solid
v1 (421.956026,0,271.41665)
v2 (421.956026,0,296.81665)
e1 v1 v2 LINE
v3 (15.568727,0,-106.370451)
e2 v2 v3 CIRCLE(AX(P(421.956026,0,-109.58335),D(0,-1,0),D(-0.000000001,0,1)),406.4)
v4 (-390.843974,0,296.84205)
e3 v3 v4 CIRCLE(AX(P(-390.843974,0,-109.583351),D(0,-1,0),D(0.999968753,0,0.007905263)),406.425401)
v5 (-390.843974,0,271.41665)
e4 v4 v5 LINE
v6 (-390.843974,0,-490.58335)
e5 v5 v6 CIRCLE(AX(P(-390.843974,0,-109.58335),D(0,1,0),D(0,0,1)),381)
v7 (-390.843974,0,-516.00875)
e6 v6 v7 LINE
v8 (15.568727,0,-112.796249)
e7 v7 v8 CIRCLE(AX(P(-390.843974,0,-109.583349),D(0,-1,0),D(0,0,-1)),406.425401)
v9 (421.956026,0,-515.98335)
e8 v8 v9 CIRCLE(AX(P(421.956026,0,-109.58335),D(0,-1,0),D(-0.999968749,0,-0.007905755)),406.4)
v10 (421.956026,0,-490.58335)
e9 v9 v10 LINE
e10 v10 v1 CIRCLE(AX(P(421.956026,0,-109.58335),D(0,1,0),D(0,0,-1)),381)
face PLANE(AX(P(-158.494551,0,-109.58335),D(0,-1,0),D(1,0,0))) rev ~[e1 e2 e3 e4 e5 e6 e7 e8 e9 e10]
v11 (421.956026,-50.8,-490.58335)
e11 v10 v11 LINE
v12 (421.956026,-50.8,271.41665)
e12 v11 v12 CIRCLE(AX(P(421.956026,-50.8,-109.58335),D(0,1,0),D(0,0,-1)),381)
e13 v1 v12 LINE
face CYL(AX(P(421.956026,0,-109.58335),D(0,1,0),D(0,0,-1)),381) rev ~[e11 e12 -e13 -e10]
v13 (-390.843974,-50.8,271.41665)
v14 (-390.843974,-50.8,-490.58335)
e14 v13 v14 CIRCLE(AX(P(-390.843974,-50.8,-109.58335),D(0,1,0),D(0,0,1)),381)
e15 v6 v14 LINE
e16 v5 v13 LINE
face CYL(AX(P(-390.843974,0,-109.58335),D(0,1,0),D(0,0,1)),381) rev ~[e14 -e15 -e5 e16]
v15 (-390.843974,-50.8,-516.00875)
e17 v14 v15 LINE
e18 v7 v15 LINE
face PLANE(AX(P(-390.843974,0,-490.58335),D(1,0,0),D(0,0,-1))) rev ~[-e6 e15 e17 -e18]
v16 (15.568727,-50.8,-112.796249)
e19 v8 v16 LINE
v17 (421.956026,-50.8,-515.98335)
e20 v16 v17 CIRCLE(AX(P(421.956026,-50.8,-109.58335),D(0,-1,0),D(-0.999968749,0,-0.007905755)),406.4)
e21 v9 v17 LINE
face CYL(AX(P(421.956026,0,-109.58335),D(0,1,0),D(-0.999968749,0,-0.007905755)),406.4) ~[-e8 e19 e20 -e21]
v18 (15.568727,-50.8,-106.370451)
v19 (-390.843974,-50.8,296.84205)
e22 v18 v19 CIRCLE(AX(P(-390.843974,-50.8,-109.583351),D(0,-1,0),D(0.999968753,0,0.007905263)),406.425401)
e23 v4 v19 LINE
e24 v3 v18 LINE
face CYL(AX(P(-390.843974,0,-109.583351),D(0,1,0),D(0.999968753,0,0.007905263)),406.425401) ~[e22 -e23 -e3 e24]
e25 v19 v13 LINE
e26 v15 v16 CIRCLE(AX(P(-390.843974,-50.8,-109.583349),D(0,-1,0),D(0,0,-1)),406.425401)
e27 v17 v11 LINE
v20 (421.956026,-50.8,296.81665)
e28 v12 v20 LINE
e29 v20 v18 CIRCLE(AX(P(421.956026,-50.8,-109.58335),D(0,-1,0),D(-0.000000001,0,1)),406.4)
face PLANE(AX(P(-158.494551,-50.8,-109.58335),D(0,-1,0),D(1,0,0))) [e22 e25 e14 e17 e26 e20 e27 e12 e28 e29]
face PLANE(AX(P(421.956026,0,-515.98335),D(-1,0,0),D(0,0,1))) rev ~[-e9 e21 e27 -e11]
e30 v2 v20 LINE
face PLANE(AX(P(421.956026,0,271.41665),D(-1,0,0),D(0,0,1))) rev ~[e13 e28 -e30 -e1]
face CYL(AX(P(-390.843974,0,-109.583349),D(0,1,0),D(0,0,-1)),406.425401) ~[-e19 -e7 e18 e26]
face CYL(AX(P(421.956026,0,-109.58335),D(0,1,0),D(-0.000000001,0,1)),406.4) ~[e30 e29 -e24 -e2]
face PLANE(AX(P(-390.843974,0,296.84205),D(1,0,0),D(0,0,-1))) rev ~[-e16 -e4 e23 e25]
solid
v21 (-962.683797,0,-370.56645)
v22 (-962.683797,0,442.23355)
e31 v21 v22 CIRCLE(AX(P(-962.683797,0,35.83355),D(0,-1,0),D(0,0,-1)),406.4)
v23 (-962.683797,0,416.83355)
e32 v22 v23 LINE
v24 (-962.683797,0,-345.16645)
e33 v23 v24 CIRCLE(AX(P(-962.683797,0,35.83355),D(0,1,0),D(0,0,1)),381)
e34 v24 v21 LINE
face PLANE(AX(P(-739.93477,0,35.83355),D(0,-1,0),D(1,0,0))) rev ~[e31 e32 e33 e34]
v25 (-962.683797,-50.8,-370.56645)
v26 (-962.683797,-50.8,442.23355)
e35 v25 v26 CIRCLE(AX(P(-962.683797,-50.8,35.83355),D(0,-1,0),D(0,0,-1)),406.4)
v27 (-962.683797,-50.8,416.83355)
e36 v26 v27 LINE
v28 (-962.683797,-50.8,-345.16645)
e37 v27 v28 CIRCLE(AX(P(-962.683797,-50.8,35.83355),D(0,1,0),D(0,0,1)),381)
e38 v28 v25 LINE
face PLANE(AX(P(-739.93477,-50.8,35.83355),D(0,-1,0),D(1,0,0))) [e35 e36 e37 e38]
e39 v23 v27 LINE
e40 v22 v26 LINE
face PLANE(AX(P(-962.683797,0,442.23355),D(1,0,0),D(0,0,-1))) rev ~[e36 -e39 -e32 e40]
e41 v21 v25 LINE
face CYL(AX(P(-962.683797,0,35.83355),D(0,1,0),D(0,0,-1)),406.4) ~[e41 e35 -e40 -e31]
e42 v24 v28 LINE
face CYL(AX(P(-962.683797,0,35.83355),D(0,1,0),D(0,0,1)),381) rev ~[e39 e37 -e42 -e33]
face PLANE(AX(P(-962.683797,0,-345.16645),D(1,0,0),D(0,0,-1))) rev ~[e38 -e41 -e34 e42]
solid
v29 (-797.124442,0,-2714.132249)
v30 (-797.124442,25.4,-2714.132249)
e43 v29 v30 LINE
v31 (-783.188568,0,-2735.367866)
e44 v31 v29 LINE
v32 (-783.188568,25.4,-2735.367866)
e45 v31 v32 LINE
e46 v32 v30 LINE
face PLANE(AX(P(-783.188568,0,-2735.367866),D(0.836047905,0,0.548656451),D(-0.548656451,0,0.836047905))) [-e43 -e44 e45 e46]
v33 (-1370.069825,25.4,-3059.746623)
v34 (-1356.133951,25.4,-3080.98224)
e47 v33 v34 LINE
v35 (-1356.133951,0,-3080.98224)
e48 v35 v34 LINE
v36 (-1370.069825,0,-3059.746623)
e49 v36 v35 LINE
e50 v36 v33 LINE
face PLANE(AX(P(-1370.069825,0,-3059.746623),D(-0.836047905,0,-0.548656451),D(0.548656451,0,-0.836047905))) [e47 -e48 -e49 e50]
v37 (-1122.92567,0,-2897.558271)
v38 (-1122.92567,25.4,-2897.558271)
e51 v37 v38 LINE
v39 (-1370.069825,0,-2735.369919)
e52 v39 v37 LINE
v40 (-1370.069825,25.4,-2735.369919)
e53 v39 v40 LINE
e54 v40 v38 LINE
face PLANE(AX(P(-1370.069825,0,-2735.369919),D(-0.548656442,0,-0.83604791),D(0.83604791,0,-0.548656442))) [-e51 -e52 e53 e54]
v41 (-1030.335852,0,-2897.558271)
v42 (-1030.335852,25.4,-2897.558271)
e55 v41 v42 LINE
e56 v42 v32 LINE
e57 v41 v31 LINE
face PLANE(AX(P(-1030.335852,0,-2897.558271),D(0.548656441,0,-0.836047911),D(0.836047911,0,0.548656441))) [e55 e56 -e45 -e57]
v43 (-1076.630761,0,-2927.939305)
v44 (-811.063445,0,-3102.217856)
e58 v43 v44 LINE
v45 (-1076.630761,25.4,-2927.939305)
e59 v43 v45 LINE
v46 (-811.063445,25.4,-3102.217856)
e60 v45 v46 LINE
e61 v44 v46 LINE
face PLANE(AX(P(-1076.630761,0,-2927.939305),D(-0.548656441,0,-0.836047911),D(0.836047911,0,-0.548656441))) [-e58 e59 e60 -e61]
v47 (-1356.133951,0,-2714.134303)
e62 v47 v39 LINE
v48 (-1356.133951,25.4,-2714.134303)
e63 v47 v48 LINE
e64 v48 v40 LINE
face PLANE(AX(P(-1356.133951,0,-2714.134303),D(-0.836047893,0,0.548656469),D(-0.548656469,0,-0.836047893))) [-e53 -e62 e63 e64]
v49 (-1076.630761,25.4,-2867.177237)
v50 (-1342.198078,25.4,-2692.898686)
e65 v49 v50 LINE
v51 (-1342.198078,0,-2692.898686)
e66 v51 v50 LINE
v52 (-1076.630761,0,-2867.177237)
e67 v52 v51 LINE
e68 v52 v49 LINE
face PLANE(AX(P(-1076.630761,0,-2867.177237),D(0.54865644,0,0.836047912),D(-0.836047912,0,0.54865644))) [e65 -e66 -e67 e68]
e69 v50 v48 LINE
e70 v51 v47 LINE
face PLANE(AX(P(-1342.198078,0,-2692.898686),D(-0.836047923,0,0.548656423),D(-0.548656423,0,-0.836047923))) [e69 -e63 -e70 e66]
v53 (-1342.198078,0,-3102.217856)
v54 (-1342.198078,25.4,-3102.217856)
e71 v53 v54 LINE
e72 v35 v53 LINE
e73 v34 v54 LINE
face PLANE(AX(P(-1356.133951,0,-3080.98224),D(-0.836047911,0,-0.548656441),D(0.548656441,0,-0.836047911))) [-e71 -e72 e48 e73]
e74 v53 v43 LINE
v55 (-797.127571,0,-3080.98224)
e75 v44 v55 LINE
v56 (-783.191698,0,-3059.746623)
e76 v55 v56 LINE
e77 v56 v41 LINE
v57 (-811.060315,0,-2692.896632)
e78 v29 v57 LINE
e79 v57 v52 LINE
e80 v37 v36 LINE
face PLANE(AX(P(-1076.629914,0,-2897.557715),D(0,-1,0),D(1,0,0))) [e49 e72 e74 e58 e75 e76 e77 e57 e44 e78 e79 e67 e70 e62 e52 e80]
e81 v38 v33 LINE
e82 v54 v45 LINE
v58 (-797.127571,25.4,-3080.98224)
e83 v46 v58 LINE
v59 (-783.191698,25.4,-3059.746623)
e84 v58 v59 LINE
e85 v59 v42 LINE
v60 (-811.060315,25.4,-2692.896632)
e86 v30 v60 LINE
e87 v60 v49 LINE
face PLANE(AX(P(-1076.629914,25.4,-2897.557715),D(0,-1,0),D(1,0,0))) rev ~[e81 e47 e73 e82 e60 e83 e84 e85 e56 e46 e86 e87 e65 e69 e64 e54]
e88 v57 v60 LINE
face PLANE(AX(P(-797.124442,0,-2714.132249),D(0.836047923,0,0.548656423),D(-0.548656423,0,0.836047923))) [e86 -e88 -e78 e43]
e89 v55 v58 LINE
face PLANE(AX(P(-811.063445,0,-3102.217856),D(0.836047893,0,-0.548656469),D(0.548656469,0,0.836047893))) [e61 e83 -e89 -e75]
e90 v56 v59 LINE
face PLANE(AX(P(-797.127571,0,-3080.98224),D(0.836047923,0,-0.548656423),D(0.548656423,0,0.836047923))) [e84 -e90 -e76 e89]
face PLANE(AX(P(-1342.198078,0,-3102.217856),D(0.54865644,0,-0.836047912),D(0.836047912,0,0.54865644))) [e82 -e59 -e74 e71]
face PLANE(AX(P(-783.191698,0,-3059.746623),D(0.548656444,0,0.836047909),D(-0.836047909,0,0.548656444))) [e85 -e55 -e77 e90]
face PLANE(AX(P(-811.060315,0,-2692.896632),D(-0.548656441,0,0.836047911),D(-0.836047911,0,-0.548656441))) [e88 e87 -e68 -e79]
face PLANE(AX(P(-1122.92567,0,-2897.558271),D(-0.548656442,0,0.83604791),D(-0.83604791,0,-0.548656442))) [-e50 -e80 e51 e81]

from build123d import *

# Parameters (mm, degrees)
F1_DEPTH = 50.8
F3_DEPTH = 50.8
F4_DEPTH = 25.4


with BuildPart() as f1:
    # F0 (on Front) → F1 (new body)
    with BuildSketch(Plane.XZ):
        with BuildLine():
            ThreePointArc((15.568727, -106.370451), (-104.596003, 178.936502), (-390.843974, 296.84205))
            Line((-390.843974, 296.84205), (-390.843974, 271.41665))
            ThreePointArc((-390.843974, 271.41665), (-9.843974, -109.58335), (-390.843974, -490.58335))
            Line((-390.843974, -490.58335), (-390.843974, -515.98335))
            Line((-390.843974, -515.98335), (-390.843974, -516.00875))
            ThreePointArc((-390.843974, -516.00875), (-104.596003, -398.103202), (15.568727, -112.796249))
            ThreePointArc((15.568727, -112.796249), (15.556026, -109.58335), (15.568727, -106.370451))
        make_face()
        with BuildLine():
            ThreePointArc((421.956026, 296.81665), (135.726016, 178.918541), (15.568727, -106.370451))
            ThreePointArc((15.568727, -106.370451), (15.556026, -109.58335), (15.568727, -112.796249))
            ThreePointArc((15.568727, -112.796249), (135.726016, -398.085241), (421.956026, -515.98335))
            Line((421.956026, -515.98335), (421.956026, -490.58335))
            ThreePointArc((421.956026, -490.58335), (40.956026, -109.58335), (421.956026, 271.41665))
            Line((421.956026, 271.41665), (421.956026, 296.81665))
        make_face()
    extrude(amount=F1_DEPTH)


with BuildPart() as f3:
    # F2 (on Front) → F3 (new body)
    with BuildSketch(Plane.XZ):
        with BuildLine():
            Line((-962.683797, -345.16645), (-962.683797, -370.56645))
            ThreePointArc((-962.683797, -370.56645), (-556.283797, 35.83355), (-962.683797, 442.23355))
            Line((-962.683797, 442.23355), (-962.683797, 416.83355))
            ThreePointArc((-962.683797, 416.83355), (-581.683797, 35.83355), (-962.683797, -345.16645))
        make_face()
    extrude(amount=F3_DEPTH)


with BuildPart() as f4:
    # F2 (on Front) → F4 (new body)
    with BuildSketch(Plane.XZ):
        Polygon((-783.188568, -2735.367866), (-797.124442, -2714.132249), (-811.060315, -2692.896632), (-1076.630761, -2867.177237), (-1342.198078, -2692.898686), (-1356.133951, -2714.134303), (-1370.069825, -2735.369919), (-1122.92567, -2897.558271), (-1370.069825, -3059.746623), (-1356.133951, -3080.98224), (-1342.198078, -3102.217856), (-1076.630761, -2927.939305), (-811.063445, -3102.217856), (-797.127571, -3080.98224), (-783.191698, -3059.746623), (-1030.335852, -2897.558271), align=None)
    extrude(amount=-F4_DEPTH)


solid = Compound([f1.part, f3.part, f4.part])
